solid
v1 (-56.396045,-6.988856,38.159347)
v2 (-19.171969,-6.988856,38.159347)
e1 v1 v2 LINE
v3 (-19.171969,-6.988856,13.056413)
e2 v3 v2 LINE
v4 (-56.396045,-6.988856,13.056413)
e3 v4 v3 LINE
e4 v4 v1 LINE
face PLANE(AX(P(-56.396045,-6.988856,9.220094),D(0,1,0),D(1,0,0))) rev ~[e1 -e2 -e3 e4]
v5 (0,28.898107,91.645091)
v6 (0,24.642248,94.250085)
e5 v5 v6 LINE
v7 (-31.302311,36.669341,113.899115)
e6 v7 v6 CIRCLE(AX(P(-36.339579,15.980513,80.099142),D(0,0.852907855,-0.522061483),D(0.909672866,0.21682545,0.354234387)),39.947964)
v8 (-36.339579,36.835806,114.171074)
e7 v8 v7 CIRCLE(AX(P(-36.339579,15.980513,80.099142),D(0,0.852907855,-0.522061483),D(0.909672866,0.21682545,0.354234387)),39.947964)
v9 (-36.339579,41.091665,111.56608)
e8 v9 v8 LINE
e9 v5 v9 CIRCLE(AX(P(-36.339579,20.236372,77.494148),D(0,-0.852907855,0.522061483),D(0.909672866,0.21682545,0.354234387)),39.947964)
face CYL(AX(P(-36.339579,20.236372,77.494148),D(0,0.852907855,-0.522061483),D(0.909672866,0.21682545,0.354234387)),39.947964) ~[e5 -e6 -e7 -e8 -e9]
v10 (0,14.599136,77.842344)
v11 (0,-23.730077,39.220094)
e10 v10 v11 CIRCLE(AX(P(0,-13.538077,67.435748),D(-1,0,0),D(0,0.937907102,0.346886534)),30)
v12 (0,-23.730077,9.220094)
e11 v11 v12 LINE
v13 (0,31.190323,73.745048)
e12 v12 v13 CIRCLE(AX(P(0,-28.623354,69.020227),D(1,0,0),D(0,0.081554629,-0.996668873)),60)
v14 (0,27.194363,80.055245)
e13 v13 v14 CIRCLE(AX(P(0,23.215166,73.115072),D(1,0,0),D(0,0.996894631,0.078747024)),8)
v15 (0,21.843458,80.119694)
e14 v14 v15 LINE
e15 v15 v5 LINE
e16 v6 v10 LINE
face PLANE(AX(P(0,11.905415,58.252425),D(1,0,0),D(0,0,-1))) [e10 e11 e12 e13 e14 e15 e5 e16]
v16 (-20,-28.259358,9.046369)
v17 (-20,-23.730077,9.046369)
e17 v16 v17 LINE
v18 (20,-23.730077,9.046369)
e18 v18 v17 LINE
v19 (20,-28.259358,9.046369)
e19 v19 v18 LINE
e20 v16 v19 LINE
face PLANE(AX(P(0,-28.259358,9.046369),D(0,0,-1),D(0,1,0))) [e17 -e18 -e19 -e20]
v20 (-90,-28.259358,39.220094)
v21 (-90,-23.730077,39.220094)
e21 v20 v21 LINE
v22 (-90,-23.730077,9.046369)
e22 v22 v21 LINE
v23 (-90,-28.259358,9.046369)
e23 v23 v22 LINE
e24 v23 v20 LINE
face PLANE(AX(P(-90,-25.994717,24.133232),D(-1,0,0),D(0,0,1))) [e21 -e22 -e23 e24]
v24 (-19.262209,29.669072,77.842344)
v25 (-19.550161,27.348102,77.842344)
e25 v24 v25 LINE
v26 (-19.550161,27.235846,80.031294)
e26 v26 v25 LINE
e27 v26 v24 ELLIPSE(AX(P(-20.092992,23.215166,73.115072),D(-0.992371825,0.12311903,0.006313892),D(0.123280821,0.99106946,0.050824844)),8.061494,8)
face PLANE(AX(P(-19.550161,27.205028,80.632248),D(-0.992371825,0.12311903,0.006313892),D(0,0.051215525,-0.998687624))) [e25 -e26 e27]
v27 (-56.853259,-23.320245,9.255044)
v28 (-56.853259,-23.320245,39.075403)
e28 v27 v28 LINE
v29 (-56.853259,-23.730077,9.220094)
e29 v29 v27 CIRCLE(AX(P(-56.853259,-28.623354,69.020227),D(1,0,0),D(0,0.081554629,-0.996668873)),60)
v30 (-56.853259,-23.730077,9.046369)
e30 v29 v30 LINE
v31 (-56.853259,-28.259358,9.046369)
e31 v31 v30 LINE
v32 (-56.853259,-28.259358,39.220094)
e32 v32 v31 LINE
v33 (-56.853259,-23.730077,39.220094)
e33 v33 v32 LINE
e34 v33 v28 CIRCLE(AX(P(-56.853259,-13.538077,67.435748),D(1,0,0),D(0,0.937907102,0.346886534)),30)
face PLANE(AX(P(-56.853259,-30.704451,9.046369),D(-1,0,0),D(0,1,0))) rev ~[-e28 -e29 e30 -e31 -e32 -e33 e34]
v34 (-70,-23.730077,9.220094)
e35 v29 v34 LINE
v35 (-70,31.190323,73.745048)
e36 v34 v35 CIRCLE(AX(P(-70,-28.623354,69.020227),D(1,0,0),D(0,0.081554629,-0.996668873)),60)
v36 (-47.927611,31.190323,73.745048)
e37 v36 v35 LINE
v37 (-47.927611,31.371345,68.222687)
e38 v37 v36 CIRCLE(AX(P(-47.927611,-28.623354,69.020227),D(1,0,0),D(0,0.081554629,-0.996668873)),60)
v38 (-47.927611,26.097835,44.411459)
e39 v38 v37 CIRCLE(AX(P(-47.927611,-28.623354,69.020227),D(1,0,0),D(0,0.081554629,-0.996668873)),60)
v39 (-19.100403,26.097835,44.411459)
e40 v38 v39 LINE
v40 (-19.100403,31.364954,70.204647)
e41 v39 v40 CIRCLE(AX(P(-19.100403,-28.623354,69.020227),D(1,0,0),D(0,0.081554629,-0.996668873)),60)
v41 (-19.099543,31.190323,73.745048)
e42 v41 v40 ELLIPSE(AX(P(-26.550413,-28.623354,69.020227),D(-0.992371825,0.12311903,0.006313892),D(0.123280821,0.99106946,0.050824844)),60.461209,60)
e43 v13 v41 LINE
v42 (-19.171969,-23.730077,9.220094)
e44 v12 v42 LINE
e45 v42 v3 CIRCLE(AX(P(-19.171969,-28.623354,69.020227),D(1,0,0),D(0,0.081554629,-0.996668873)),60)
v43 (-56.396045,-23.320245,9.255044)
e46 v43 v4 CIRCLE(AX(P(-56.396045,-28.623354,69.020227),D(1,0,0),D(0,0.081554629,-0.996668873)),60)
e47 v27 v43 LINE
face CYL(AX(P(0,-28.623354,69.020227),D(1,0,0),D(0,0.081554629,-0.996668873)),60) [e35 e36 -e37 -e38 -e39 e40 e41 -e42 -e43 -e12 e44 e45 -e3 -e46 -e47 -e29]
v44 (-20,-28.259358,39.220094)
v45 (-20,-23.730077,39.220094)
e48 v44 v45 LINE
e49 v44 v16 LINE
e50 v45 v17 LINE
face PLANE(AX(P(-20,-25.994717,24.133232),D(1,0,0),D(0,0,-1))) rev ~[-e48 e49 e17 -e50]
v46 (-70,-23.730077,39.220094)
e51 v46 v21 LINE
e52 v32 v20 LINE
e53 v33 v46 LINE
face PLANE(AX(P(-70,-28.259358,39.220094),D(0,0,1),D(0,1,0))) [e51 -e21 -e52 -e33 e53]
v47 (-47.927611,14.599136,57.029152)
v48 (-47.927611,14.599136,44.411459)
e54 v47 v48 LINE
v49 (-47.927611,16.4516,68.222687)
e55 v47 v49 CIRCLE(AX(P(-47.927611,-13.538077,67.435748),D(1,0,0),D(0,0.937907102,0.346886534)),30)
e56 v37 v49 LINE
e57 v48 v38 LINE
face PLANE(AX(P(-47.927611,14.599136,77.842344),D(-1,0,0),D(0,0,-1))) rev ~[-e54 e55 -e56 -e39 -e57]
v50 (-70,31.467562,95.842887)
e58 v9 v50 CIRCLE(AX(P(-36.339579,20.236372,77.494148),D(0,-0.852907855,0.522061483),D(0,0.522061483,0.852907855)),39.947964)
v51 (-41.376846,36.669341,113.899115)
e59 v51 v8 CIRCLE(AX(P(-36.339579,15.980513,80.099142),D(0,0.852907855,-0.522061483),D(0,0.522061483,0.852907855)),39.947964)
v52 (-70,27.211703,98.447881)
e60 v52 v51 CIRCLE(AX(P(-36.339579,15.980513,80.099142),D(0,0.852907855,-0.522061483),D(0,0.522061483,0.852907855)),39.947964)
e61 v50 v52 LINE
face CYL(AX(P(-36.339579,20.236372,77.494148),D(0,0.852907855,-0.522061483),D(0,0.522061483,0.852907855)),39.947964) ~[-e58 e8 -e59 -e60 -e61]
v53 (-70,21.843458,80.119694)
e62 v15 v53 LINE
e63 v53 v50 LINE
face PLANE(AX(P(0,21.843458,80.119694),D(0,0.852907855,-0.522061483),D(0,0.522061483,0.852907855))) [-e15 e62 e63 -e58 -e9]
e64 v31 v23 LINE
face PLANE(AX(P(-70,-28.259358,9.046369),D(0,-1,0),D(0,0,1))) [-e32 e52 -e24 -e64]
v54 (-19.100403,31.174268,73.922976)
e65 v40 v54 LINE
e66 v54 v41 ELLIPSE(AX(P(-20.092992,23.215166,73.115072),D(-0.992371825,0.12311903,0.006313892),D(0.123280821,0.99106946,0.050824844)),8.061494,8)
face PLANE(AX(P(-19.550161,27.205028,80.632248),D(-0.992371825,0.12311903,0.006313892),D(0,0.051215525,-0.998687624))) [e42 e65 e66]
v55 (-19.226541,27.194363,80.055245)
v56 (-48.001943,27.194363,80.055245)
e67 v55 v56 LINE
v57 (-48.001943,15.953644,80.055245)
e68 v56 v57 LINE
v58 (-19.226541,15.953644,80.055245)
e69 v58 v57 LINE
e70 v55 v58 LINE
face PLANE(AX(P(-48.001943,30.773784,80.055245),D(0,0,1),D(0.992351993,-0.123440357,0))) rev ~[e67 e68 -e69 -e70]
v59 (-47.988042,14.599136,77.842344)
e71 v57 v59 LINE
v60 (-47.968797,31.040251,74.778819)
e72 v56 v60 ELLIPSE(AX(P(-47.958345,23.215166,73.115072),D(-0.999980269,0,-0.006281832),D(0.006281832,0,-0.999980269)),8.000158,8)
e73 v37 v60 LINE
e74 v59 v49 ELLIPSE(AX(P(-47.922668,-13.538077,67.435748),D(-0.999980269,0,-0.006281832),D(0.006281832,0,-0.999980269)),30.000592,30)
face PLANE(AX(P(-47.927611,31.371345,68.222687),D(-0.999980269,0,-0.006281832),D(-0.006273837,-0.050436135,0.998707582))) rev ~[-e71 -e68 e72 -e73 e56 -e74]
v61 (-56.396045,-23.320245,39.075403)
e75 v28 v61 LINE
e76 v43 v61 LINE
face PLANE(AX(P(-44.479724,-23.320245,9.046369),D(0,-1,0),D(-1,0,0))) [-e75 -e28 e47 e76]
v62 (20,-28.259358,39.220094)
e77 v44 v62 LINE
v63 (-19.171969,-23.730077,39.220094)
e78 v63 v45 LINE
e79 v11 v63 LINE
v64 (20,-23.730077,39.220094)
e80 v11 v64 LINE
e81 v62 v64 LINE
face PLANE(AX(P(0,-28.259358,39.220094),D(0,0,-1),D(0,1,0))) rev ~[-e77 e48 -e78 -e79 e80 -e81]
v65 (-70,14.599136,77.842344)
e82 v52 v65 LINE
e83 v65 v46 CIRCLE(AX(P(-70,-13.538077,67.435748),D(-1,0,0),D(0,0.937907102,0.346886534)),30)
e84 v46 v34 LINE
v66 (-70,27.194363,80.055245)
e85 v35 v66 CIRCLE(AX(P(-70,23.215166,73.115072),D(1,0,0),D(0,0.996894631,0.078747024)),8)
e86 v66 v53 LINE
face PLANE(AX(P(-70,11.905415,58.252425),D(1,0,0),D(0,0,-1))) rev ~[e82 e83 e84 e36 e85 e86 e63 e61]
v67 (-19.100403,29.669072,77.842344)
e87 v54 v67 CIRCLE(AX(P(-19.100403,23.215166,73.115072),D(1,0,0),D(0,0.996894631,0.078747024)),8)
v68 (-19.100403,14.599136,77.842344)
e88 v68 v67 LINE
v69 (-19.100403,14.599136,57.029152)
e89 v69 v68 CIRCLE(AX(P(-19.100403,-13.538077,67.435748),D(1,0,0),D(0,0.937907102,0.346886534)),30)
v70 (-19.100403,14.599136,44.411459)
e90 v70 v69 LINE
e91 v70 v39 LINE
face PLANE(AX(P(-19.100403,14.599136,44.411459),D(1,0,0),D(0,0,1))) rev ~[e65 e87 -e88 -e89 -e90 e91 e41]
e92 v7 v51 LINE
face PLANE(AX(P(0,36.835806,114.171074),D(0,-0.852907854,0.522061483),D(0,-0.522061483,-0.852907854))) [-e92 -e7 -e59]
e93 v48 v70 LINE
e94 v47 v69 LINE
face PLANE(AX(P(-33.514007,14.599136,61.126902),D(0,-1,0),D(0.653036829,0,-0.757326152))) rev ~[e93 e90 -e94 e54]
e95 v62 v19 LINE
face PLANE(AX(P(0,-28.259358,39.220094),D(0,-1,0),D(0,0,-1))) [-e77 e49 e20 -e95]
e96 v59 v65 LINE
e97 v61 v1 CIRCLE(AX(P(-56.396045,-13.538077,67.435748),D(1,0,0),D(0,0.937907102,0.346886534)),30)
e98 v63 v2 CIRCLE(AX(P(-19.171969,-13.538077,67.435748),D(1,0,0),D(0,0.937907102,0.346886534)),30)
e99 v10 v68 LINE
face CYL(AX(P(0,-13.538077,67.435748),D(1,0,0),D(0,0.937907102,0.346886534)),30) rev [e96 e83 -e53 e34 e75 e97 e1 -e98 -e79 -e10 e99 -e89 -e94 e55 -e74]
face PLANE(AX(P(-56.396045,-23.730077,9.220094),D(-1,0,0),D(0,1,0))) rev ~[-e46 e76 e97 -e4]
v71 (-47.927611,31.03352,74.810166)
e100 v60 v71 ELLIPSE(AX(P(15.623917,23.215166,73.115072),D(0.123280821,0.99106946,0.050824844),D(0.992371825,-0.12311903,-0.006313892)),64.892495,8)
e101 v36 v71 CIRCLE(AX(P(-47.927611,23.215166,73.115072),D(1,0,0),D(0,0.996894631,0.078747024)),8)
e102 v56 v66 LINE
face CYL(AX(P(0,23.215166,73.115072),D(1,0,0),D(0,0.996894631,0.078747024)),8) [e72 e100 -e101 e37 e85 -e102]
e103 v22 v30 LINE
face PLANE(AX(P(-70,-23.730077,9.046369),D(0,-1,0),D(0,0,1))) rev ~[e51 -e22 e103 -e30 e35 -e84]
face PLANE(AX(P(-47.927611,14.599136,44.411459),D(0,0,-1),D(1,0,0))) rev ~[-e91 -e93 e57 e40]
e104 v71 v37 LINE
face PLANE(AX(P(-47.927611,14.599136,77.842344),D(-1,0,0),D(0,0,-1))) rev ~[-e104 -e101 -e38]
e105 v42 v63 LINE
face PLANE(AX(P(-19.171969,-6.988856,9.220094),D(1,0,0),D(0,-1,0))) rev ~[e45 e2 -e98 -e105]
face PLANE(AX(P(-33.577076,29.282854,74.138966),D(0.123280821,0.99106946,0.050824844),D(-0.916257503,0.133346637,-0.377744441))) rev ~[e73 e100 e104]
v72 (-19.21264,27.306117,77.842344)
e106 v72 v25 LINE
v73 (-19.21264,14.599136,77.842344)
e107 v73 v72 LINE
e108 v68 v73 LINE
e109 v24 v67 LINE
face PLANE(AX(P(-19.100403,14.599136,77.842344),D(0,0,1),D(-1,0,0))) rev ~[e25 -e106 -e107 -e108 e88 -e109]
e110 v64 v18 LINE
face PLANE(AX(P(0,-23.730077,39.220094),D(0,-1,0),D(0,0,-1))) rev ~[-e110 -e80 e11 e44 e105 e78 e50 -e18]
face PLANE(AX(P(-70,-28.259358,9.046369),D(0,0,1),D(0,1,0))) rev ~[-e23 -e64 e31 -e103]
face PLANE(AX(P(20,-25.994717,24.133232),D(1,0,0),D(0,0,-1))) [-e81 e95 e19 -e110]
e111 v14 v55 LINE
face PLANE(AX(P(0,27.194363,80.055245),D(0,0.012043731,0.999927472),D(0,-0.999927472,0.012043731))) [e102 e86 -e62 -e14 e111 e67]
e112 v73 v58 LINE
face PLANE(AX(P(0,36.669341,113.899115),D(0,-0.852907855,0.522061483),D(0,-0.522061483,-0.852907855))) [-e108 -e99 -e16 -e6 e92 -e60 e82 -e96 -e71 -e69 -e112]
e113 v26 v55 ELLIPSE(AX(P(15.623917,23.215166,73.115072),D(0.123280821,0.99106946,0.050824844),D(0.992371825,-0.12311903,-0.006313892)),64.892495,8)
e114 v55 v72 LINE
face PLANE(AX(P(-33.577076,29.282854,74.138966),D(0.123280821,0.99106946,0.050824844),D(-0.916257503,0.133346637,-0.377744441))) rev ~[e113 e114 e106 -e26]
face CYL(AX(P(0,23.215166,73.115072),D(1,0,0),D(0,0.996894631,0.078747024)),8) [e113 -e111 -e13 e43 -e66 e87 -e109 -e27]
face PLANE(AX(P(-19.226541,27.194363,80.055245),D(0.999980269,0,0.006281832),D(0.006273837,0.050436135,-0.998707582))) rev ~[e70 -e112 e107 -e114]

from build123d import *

# Parameters (mm, degrees)
BOSS_EXTRUDE4_DEPTH      = 70
CUT_EXTRUDE7_DEPTH       = 70
CUT_EXTRUDE8_DEPTH       = 70
CUT_EXTRUDE9_DEPTH       = 70
CUT_EXTRUDE10_DEPTH      = 70
SKETCH9_W                = 19.742548684
SKETCH9_H                = 10.626968924
CUT_EXTRUDE11_DEPTH      = 70
SKETCH10_W               = 30.173725447
SKETCH10_H               = 4.529281074
BOSS_EXTRUDE6_DEPTH      = 20
BOSS_EXTRUDE6_DEPTH_BACK = 20
SKETCH11_W               = 30.173725447
SKETCH11_H               = 4.529281074
BOSS_EXTRUDE7_DEPTH      = 20
BOSS_EXTRUDE7_DEPTH_BACK = 20
SKETCH12_W               = 12.373535054
SKETCH12_H               = 7.384206403
CUT_EXTRUDE12_DEPTH      = 60


with BuildPart() as part:
    # Sketch1 → Boss-Extrude4 (new body)
    with BuildSketch(Plane(origin=(0, 0, 0), x_dir=(0, 0, -1), z_dir=(1, 0, 0))):
        with BuildLine():
            Line((-39.22009442, -23.730076692), (-9.22009442, -23.730076692))
            ThreePointArc((-9.22009442, -23.730076692), (-30.130831643, 17.067070654), (-73.745048282, 31.190323456))
            ThreePointArc((-73.745048282, 31.190323456), (-77.395108799, 29.973959621), (-80.055244789, 27.19436266))
            Line((-80.055244789, 27.19436266), (-80.119694314, 21.843458315))
            Line((-80.119694314, 21.843458315), (-111.566080144, 41.091665162))
            ThreePointArc((-111.566080144, 41.091665162), (-114.864867075, 40.185656866), (-114.171074211, 36.835806464))
            Line((-114.171074211, 36.835806464), (-113.899114734, 36.669341157))
            Line((-113.899114734, 36.669341157), (-77.842344496, 14.599136476))
            ThreePointArc((-77.842344496, 14.599136476), (-46.303479727, 7.755753907), (-39.22009442, -23.730076692))
        make_face()
    extrude(amount=-BOSS_EXTRUDE4_DEPTH)

    # Sketch7 → Cut-Extrude7 (cut)
    with BuildSketch(Plane(origin=(0, -19.784860197, 12.110233703), x_dir=(1, 0, 0), z_dir=(0, 0.8529078546066994, -0.5220614825384052))):
        Polygon((-70, -137.087313056), (0, -134.019745414), (0, -116.607961697), (-70, -116.607961697), align=None)
        with BuildLine():
            Line((0, -116.607961697), (0, -93.251406208))
            ThreePointArc((0, -93.251406208), (-14.740425592, -110.265300978), (-36.339578744, -116.607961697))
            Line((-36.339578744, -116.607961697), (0, -116.607961697))
        make_face()
        with BuildLine():
            Line((-70, -116.607961697), (-36.339578744, -116.607961697))
            ThreePointArc((-36.339578744, -116.607961697), (-55.528547719, -111.697453308), (-70, -98.173153259))
            Line((-70, -98.173153259), (-70, -116.607961697))
        make_face()
    extrude(amount=-CUT_EXTRUDE7_DEPTH, mode=Mode.SUBTRACT)

    # 3DSketch2 → Cut-Extrude8 (cut)
    with BuildSketch(Plane(origin=(-19.171968763, -23.730076692, 9.22009442), x_dir=(-0.9120096253806464, 0.410168798439195, 0), z_dir=(0, 0, 1))):
        Polygon((0, 0), (33.948715461, 15.26815446), (40.815441858, 0), (6.866726397, -15.26815446), align=None)
    extrude(amount=CUT_EXTRUDE8_DEPTH, mode=Mode.SUBTRACT)

    # 3DSketch3 → Cut-Extrude9 (cut)
    with BuildSketch(Plane(origin=(-47.927611425, 14.599136476, 77.842344496), x_dir=(0.6530368290826427, 0, -0.7573261515765103), z_dir=(0, -1, 0))):
        Polygon((0, 0), (25.318083545, -21.831599189), (44.143312647, 0), (18.825229102, 21.831599189), align=None)
    extrude(amount=-CUT_EXTRUDE9_DEPTH, mode=Mode.SUBTRACT)

    # 3DSketch4 → Cut-Extrude10 (cut, along a direction that is not the sketch's normal)
    with BuildSketch(Plane(origin=(-19.22654119, 27.19436266, 80.055244789), x_dir=(-0.9162575030272925, 0.13334663681048042, -0.37774444085588477), z_dir=(0.12328082078814585, 0.9910694599529005, 0.050824844067318485))):
        Polygon((0, 0), (4.481258703, -10.967695522), (31.324240337, 0), (26.842981633, 10.967695522), align=None)
    extrude(amount=-CUT_EXTRUDE10_DEPTH, dir=(0, 1, 0), mode=Mode.SUBTRACT)

    # Sketch9 → Cut-Extrude11 (cut)
    with BuildSketch(Plane(origin=(3.531999691, 28.394173594, 1.456133504), x_dir=(-0.9923718250866462, 0.12311902997688387, 0.006313891965344148), z_dir=(-0.12328082078814556, -0.9910694599529005, -0.05082484406731809))):
        with Locations((33.130862907, -73.819623484)):
            Rectangle(SKETCH9_W, SKETCH9_H)
    extrude(amount=-CUT_EXTRUDE11_DEPTH, mode=Mode.SUBTRACT)

    # Sketch10 → Boss-Extrude6 (add, two sides)
    with BuildSketch(Plane(origin=(0, 0, 0), x_dir=(0, 0, -1), z_dir=(1, 0, 0))) as boss_extrude6_sk:
        with Locations((-24.133231697, -25.994717229)):
            Rectangle(SKETCH10_W, SKETCH10_H)
    extrude(amount=BOSS_EXTRUDE6_DEPTH)
    extrude(boss_extrude6_sk.sketch, amount=-BOSS_EXTRUDE6_DEPTH_BACK)

    # Sketch11 → Boss-Extrude7 (add, two sides)
    with BuildSketch(Plane.ZY.offset(70)) as boss_extrude7_sk:
        with Locations((24.133231697, -25.994717229)):
            Rectangle(SKETCH11_W, SKETCH11_H)
    extrude(amount=BOSS_EXTRUDE7_DEPTH)
    extrude(boss_extrude7_sk.sketch, amount=-BOSS_EXTRUDE7_DEPTH_BACK)

    # Sketch12 → Cut-Extrude12 (cut)
    with BuildSketch(Plane(origin=(0, 0, 9.046368973), x_dir=(-1, 0, 0), z_dir=(0, 0, -1))):
        with Locations((50.666491964, -27.012348263)):
            Rectangle(SKETCH12_W, SKETCH12_H)
    extrude(amount=-CUT_EXTRUDE12_DEPTH, mode=Mode.SUBTRACT)


solid = part.part
